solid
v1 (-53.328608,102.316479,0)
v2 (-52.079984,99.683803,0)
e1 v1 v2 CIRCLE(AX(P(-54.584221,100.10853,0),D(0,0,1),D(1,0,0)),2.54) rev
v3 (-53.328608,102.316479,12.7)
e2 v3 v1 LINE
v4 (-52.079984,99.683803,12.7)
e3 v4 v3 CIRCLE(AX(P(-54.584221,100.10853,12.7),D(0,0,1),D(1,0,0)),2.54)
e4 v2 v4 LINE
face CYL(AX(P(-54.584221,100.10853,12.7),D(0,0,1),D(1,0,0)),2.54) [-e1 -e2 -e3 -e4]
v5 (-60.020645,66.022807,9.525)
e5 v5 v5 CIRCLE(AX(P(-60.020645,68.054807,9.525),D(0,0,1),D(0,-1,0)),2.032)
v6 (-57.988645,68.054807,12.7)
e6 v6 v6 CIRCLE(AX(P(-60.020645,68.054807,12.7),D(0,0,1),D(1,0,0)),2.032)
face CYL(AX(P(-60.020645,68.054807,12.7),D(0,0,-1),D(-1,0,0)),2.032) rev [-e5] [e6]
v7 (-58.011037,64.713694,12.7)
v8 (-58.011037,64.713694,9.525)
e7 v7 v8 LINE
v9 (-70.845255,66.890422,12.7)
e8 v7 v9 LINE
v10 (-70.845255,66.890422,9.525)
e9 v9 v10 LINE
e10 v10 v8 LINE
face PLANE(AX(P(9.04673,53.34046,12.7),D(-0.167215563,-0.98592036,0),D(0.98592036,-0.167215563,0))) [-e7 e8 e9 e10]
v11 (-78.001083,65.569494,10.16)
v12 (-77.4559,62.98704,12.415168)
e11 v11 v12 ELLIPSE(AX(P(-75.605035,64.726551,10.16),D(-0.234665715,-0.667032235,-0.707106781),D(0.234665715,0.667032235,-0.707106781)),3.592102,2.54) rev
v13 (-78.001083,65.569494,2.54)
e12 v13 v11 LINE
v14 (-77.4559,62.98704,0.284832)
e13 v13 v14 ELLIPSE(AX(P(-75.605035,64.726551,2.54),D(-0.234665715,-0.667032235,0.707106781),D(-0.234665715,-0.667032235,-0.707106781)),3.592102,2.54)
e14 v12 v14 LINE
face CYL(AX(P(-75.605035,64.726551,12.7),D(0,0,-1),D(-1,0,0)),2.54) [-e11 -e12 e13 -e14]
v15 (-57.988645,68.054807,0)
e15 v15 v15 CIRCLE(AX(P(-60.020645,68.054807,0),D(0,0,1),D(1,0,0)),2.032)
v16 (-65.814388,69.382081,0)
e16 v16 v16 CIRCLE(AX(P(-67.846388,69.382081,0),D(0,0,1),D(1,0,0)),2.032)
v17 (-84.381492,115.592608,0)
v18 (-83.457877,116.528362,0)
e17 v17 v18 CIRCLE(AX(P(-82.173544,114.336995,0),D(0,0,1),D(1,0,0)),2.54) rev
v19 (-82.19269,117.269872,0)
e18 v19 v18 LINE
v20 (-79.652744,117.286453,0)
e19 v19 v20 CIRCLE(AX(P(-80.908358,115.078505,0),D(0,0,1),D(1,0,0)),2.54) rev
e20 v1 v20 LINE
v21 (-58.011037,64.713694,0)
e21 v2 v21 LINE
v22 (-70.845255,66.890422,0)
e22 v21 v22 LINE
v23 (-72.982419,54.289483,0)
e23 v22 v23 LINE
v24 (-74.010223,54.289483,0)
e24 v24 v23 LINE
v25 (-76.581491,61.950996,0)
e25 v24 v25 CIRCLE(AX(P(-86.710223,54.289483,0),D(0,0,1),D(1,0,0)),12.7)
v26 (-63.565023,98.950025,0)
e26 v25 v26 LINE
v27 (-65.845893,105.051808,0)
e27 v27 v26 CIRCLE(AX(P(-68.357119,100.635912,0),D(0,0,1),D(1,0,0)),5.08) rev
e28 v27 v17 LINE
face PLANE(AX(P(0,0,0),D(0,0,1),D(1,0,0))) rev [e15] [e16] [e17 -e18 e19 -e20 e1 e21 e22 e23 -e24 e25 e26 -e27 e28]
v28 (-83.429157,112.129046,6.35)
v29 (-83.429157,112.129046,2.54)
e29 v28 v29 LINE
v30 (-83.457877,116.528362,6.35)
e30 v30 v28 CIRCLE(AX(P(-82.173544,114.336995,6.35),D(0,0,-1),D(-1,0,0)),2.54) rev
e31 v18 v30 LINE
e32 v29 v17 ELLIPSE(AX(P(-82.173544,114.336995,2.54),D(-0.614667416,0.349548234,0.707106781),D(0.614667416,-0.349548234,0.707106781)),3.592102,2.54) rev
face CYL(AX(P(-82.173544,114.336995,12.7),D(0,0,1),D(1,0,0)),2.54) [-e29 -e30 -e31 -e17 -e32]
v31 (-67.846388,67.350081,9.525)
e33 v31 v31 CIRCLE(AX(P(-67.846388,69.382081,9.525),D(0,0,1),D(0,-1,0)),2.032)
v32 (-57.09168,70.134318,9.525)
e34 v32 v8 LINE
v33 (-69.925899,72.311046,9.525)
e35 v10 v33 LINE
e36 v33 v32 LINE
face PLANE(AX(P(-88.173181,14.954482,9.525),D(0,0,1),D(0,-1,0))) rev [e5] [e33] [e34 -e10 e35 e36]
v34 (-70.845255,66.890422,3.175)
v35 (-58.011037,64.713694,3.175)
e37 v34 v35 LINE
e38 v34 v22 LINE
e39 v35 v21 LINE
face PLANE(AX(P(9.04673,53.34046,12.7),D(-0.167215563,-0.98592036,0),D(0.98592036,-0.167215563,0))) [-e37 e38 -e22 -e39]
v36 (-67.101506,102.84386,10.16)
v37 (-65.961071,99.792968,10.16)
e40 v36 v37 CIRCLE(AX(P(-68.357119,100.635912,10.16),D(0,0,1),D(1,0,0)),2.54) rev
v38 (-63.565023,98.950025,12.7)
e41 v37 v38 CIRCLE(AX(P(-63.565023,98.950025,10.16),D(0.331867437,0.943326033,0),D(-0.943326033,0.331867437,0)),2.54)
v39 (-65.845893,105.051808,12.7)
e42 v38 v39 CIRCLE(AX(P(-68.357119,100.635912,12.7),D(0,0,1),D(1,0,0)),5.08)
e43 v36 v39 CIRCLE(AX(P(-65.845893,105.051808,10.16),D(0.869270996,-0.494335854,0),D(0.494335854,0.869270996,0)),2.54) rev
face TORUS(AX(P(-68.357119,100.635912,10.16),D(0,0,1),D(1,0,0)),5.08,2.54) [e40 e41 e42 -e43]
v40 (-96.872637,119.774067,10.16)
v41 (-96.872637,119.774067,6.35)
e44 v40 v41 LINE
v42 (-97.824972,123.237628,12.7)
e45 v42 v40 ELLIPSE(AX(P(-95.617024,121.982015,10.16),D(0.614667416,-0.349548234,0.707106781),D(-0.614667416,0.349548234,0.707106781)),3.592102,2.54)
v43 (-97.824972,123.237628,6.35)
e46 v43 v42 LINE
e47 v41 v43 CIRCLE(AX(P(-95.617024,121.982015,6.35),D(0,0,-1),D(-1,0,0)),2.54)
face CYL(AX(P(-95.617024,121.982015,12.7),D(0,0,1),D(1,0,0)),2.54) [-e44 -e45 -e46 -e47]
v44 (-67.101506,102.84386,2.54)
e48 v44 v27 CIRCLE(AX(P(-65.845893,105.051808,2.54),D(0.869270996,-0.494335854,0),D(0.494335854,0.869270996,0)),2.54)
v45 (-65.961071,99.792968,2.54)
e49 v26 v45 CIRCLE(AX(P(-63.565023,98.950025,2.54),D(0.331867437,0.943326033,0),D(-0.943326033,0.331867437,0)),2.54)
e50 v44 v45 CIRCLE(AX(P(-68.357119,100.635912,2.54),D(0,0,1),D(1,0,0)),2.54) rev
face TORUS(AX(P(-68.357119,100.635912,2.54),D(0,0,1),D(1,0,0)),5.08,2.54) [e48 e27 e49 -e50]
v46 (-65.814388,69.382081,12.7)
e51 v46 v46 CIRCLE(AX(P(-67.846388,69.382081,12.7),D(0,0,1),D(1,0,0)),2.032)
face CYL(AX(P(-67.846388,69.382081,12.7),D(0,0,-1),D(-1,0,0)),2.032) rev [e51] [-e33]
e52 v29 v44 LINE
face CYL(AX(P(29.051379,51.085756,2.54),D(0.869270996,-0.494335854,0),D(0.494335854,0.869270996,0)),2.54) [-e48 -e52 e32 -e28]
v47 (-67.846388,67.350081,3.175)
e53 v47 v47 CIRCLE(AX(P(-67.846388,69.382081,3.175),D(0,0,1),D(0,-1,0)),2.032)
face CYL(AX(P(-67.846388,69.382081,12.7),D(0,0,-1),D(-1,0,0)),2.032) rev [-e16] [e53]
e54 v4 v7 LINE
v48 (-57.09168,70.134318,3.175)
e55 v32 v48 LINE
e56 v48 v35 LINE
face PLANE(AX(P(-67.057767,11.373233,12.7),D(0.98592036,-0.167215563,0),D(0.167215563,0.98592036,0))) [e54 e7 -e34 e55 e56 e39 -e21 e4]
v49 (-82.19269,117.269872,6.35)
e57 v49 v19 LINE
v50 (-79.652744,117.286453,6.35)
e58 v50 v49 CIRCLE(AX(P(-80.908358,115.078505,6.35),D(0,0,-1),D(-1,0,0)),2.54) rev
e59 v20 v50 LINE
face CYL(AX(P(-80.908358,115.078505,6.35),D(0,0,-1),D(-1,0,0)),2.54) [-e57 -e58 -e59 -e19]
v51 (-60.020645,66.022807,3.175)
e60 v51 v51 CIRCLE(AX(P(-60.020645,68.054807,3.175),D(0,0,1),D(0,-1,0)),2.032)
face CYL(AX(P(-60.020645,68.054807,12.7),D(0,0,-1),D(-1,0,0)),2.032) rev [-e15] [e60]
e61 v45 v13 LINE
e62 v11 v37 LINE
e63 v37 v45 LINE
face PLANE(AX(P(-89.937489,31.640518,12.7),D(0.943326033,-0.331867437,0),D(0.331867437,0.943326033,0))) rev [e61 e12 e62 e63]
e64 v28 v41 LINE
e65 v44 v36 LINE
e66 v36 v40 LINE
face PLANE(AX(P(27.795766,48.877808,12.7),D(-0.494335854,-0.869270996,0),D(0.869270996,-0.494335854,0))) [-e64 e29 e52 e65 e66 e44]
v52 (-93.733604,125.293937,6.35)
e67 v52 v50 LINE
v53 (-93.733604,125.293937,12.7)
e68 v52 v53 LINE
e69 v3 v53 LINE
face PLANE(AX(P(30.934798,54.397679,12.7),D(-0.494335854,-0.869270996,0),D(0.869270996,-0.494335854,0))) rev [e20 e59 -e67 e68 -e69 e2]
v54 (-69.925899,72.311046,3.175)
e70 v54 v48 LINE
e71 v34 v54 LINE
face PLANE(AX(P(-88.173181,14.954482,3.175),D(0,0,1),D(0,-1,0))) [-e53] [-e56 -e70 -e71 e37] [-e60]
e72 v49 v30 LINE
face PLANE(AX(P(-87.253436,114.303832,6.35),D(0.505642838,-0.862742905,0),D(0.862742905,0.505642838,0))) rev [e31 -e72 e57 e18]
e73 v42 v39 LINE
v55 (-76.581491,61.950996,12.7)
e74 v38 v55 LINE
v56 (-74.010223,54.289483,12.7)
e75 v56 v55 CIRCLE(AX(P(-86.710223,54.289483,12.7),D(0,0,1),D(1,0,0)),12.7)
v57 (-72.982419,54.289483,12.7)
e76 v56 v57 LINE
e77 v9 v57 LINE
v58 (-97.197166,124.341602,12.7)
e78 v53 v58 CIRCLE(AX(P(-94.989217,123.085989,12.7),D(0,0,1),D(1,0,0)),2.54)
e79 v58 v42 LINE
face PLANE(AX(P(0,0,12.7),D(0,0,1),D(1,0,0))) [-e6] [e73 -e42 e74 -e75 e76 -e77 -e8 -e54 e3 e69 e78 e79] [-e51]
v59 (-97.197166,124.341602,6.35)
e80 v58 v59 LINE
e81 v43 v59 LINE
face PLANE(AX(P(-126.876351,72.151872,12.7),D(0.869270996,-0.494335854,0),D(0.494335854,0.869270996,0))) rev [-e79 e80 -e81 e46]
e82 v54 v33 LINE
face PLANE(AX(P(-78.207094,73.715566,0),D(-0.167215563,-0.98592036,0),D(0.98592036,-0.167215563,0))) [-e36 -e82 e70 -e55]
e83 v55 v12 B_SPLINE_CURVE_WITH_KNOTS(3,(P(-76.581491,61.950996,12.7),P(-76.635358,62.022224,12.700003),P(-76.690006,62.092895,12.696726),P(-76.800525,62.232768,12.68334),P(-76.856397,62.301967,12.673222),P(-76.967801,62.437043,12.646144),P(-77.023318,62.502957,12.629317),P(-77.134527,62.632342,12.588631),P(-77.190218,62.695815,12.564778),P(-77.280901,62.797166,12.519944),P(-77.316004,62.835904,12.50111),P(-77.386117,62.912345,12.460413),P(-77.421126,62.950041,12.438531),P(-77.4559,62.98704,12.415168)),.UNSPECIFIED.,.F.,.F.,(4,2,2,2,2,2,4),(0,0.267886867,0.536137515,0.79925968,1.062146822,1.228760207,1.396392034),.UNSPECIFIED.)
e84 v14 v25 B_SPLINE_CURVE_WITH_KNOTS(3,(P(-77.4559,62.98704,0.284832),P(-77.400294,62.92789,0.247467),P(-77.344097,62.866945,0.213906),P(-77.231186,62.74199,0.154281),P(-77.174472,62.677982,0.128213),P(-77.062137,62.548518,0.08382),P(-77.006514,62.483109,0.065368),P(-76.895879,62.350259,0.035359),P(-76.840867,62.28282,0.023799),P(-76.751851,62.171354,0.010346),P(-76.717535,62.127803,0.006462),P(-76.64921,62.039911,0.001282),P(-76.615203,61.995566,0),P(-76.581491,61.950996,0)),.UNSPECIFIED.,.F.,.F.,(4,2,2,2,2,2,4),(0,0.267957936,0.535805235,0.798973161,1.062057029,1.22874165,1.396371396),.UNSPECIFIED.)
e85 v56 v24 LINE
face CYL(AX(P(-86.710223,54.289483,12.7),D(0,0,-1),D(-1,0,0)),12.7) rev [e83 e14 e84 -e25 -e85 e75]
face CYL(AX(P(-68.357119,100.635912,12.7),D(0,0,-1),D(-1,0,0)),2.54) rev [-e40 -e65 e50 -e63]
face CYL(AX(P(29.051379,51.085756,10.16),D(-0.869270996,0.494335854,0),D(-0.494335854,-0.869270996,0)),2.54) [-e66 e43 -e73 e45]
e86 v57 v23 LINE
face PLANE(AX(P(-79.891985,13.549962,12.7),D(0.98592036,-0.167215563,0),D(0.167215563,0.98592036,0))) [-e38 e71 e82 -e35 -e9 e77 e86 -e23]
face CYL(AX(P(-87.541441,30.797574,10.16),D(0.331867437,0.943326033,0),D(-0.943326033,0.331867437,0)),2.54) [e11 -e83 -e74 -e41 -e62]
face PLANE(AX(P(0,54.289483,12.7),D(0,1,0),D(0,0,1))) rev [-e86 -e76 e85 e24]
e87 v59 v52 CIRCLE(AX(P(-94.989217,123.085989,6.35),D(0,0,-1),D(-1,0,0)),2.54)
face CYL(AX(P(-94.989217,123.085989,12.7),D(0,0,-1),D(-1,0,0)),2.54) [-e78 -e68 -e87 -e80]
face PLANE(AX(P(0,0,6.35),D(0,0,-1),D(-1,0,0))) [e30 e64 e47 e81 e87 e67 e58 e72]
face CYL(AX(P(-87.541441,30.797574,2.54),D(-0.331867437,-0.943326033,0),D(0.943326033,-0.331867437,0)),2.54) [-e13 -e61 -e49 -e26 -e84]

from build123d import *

# Parameters (mm, degrees)
SKETCH3_R           = 2.032
BOSS_EXTRUDE1_DEPTH = 12.7
SKETCH4_W           = 6.35
SKETCH4_H           = 5.498034445
CUT_EXTRUDE1_DEPTH  = 13.0175
CUT_EXTRUDE2_DEPTH  = 6.35
FILLET1_R           = 2.54


with BuildPart() as part:
    # Sketch3 → Boss-Extrude1 (new body)
    with BuildSketch(Plane.XY):
        with BuildLine():
            Line((-70.84525545, 66.890422126), (-58.01103717, 64.713693529))
            Line((-58.01103717, 64.713693529), (-51.782586103, 101.43728904))
            Line((-51.782586103, 101.43728904), (-95.941552678, 126.549550409))
            Line((-95.941552678, 126.549550409), (-99.080585349, 121.029679588))
            Line((-99.080585349, 121.029679588), (-65.256808444, 101.794819897))
            Line((-65.256808444, 101.794819897), (-78.546820512, 64.018247195))
            ThreePointArc((-78.546820512, 64.018247195), (-75.200114259, 59.656734692), (-74.010223155, 54.289482767))
            Line((-74.010223155, 54.289482767), (-72.982419121, 54.289482767))
            Line((-72.982419121, 54.289482767), (-70.84525545, 66.890422126))
        make_face()
        with Locations((-67.846388341, 69.382080978)):
            Circle(SKETCH3_R, mode=Mode.SUBTRACT)
        with Locations((-60.020645487, 68.054807443)):
            Circle(SKETCH3_R, mode=Mode.SUBTRACT)
    extrude(amount=BOSS_EXTRUDE1_DEPTH)

    # Sketch4 → Cut-Extrude1 (cut)
    with BuildSketch(Plane(origin=(-67.057766981, 11.373233325, 0), x_dir=(0, 0, -1), z_dir=(0.98592036, -0.167215563, 0))):
        with Locations((-6.35, 56.851216947)):
            Rectangle(SKETCH4_W, SKETCH4_H)
    extrude(amount=-CUT_EXTRUDE1_DEPTH, mode=Mode.SUBTRACT)

    # Sketch5 → Cut-Extrude2 (cut)
    with BuildSketch(Plane(origin=(0, 0, 0), x_dir=(-1, 0, 0), z_dir=(0, 0, -1))):
        Polygon((99.080585349, 121.029679588), (95.941552678, 126.549550409), (80.927504042, 118.011381544), (87.253435619, 114.30383208), align=None)
    extrude(amount=-CUT_EXTRUDE2_DEPTH, mode=Mode.SUBTRACT)

    # Fillet1
    fillet1_edges = [part.edges().sort_by_distance(p)[0] for p in [
        (-71.901814478, 82.906533546, 0),
        (-76.255122031, 108.049325988, 0),
        (-78.546820512, 64.018247195, 6.35),
        (-65.256808444, 101.794819897, 6.35),
        (-99.080585349, 121.029679588, 9.525),
        (-95.941552678, 126.549550409, 9.525),
        (-51.782586103, 101.43728904, 6.35),
        (-82.168696896, 111.412249742, 12.7),
        (-71.901814478, 82.906533546, 12.7),
        (-87.253435619, 114.30383208, 3.175),
        (-80.927504042, 118.011381544, 3.175),
    ]]
    fillet(fillet1_edges, radius=FILLET1_R)


solid = part.part
